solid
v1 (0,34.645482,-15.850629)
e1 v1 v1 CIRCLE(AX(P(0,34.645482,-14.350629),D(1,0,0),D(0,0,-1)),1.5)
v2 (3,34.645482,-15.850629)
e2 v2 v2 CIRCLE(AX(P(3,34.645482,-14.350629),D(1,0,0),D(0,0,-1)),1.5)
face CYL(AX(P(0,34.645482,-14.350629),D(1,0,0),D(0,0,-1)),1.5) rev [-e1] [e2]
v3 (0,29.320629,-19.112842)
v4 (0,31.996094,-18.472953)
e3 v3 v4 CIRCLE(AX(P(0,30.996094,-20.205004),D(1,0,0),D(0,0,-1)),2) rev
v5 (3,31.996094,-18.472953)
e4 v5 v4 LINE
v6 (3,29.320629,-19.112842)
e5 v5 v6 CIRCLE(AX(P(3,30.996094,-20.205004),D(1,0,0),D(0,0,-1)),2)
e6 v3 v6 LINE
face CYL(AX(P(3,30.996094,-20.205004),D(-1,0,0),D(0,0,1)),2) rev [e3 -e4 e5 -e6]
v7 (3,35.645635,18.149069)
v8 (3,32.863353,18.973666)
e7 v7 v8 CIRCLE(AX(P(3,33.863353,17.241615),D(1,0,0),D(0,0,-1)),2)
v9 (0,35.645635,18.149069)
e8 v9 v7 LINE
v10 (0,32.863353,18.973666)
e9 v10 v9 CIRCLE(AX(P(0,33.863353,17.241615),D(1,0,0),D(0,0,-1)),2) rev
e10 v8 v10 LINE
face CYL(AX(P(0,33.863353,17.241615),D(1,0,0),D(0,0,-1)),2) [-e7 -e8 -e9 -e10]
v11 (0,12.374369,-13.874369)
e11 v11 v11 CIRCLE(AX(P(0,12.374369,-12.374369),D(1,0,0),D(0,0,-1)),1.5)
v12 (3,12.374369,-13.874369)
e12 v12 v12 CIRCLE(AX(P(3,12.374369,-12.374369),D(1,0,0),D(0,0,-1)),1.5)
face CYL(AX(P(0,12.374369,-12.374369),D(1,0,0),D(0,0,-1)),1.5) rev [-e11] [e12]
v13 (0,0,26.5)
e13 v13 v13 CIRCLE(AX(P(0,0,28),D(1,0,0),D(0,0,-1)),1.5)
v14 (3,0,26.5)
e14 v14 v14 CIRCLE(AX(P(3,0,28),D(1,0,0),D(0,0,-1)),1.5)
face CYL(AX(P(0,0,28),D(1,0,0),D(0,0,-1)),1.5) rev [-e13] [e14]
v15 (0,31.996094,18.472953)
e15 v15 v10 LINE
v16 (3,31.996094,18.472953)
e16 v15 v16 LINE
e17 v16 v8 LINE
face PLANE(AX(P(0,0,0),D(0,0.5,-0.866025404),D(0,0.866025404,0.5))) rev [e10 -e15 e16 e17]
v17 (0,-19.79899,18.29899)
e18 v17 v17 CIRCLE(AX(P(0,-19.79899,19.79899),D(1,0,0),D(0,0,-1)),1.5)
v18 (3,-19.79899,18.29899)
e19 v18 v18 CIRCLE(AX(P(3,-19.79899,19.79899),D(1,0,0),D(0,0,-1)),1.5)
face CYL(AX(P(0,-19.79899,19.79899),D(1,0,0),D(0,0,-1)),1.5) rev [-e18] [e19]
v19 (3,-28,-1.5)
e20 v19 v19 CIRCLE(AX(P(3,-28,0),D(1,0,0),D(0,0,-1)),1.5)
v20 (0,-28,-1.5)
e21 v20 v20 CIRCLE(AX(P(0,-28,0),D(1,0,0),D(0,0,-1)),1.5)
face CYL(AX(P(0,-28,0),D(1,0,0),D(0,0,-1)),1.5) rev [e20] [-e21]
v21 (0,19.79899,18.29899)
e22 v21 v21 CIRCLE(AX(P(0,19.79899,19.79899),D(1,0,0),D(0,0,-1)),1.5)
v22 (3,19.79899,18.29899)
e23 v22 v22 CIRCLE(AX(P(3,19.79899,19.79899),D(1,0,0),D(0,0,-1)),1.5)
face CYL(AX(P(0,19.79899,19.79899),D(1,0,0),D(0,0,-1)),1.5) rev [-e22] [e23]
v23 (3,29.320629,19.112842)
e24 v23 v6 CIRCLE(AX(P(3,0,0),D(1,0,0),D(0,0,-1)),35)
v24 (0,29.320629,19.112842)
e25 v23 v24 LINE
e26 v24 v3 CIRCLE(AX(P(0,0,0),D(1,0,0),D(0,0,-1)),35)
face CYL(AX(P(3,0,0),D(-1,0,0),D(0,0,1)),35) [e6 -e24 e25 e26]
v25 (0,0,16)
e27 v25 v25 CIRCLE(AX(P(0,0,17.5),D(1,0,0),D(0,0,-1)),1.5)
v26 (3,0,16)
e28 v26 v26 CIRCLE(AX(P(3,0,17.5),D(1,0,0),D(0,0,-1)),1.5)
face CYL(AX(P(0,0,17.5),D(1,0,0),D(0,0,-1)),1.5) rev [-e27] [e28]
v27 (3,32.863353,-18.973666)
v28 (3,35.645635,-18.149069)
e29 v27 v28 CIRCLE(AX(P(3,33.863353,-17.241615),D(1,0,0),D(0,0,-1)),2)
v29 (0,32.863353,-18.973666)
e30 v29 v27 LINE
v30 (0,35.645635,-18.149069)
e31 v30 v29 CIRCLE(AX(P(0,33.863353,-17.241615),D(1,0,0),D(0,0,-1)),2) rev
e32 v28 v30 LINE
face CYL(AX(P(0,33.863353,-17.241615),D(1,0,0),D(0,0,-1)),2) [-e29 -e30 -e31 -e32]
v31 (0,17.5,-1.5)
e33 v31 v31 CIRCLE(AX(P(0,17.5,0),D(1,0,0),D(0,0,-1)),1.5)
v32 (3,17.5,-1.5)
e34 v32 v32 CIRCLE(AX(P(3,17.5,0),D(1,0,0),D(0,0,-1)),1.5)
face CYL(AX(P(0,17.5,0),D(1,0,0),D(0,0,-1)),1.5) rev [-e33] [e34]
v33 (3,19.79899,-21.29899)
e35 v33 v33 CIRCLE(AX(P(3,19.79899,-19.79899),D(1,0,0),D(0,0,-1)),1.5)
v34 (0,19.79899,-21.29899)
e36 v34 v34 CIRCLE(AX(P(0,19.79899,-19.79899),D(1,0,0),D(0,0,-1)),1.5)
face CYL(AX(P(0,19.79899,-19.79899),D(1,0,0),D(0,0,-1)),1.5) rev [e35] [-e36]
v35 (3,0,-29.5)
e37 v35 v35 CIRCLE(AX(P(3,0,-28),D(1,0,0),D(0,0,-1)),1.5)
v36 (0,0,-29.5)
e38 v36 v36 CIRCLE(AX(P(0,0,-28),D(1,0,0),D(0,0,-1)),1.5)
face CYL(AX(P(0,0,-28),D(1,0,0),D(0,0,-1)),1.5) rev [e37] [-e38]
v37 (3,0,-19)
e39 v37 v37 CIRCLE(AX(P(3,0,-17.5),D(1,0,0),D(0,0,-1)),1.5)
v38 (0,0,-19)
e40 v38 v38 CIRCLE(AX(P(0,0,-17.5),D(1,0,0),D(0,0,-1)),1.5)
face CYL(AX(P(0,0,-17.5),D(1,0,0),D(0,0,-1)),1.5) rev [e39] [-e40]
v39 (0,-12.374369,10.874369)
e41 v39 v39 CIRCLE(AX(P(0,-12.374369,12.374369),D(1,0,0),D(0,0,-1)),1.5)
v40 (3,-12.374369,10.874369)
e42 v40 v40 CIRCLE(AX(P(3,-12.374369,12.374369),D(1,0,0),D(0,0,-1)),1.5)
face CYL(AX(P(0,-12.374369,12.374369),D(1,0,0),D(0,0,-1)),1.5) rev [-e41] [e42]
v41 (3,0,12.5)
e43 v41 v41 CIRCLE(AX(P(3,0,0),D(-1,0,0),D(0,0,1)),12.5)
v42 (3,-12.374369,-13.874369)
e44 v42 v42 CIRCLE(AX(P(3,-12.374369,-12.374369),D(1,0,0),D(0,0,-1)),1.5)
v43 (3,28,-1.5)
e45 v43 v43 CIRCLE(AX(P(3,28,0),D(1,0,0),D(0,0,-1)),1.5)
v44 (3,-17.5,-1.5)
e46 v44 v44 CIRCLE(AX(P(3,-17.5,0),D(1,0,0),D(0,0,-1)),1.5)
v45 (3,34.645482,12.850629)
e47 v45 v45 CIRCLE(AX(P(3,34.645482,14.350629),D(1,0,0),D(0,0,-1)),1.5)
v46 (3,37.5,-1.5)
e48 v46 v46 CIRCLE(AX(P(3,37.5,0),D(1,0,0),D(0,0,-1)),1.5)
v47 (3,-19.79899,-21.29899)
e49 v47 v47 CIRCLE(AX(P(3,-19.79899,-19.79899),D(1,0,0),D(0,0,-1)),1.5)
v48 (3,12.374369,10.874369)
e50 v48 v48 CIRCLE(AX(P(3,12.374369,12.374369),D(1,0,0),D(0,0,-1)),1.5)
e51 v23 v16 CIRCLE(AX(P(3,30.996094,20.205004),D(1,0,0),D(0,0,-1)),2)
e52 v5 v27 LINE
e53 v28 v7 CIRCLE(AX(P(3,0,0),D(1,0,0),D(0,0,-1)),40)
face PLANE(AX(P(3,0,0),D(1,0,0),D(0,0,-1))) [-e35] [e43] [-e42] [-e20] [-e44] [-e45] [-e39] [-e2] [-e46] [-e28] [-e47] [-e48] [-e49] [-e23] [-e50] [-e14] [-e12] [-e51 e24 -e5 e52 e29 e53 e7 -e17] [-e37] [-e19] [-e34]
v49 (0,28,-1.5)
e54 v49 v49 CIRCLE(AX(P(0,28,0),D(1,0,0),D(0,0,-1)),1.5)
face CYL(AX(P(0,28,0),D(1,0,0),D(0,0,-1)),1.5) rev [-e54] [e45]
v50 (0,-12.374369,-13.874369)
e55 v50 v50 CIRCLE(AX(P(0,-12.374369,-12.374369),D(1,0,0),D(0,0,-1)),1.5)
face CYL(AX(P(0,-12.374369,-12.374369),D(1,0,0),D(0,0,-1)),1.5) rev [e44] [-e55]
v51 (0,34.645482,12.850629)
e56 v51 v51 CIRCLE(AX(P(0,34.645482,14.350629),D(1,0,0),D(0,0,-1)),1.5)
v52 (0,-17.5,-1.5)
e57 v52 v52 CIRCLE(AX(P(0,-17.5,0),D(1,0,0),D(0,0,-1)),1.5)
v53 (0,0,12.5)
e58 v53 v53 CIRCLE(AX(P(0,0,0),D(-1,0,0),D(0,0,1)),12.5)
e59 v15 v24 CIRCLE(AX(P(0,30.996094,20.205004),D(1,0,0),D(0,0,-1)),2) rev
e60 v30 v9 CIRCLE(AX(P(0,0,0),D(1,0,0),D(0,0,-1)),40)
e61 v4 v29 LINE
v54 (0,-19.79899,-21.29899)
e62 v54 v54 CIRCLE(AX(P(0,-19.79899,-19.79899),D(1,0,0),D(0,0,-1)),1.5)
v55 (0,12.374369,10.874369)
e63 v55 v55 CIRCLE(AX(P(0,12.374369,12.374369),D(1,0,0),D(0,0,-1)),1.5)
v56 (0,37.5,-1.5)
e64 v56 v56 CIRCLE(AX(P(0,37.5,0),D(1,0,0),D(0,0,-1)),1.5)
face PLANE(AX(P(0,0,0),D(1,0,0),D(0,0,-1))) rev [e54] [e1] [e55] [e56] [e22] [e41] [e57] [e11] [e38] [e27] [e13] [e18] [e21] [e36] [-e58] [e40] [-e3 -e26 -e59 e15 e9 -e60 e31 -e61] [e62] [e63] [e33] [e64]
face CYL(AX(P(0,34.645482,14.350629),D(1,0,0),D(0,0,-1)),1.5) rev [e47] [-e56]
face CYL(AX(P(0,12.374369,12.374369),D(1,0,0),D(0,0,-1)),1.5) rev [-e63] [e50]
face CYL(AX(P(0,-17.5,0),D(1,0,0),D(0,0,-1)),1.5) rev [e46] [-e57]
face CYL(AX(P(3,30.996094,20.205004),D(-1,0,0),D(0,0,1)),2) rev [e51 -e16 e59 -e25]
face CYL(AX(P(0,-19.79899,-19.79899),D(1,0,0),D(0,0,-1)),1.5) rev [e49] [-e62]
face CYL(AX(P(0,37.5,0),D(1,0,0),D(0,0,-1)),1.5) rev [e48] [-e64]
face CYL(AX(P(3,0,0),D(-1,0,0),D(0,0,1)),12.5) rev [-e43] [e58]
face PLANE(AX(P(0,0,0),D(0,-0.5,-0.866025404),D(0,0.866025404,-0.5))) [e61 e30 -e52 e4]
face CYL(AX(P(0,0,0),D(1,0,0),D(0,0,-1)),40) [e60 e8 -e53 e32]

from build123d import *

# Parameters (mm, degrees)
SKETCH_1_R          = 35
EXTRUDE_1_DEPTH     = 3
SKETCH_2_R          = 1.5
CUT_EXTRUDE_1_DEPTH = 3
SKETCH_3_R          = 1.5
CUT_EXTRUDE_2_DEPTH = 3
SKETCH_4_R          = 12.5
CUT_EXTRUDE_3_DEPTH = 3
EXTRUDE_START       = -3
EXTRUDE_4_DEPTH     = 3
FILLET_1_R          = 2
FILLET_2_R          = 2
FILLET_3_R          = 2
FILLET_4_R          = 2
SKETCH_6_R          = 1.5
CUT_EXTRUDE_4_DEPTH = 3


with BuildPart() as part:
    # 草图1 → 凸台-拉伸1 (new body)
    with BuildSketch(Plane(origin=(0, 0, 0), x_dir=(0, 0, -1), z_dir=(1, 0, 0))):
        Circle(SKETCH_1_R)
    extrude(amount=EXTRUDE_1_DEPTH)

    # 草图2 → 切除-拉伸1 (cut)
    with BuildSketch(Plane(origin=(3, 0, 0), x_dir=(0, 0, -1), z_dir=(1, 0, 0))):
        with Locations((0, 28)):
            Circle(SKETCH_2_R)
        with Locations((19.798989873, 19.798989873)):
            Circle(SKETCH_2_R)
        with Locations((28, 0)):
            Circle(SKETCH_2_R)
        with Locations((19.798989873, -19.798989873)):
            Circle(SKETCH_2_R)
        with Locations((0, -28)):
            Circle(SKETCH_2_R)
        with Locations((-19.798989873, -19.798989873)):
            Circle(SKETCH_2_R)
        with Locations((-28, 0)):
            Circle(SKETCH_2_R)
        with Locations((-19.798989873, 19.798989873)):
            Circle(SKETCH_2_R)
    extrude(amount=-CUT_EXTRUDE_1_DEPTH, mode=Mode.SUBTRACT)

    # 草图3 → 切除-拉伸2 (cut)
    with BuildSketch(Plane(origin=(3, 0, 0), x_dir=(0, 0, -1), z_dir=(1, 0, 0))):
        with Locations((0, 17.5)):
            Circle(SKETCH_3_R)
        with Locations((12.374368671, 12.374368671)):
            Circle(SKETCH_3_R)
        with Locations((17.5, 0)):
            Circle(SKETCH_3_R)
        with Locations((12.374368671, -12.374368671)):
            Circle(SKETCH_3_R)
        with Locations((0, -17.5)):
            Circle(SKETCH_3_R)
        with Locations((-12.374368671, -12.374368671)):
            Circle(SKETCH_3_R)
        with Locations((-17.5, 0)):
            Circle(SKETCH_3_R)
        with Locations((-12.374368671, 12.374368671)):
            Circle(SKETCH_3_R)
    extrude(amount=-CUT_EXTRUDE_2_DEPTH, mode=Mode.SUBTRACT)

    # 草图4 → 切除-拉伸3 (cut)
    with BuildSketch(Plane.ZY):
        Circle(SKETCH_4_R)
    extrude(amount=-CUT_EXTRUDE_3_DEPTH, mode=Mode.SUBTRACT)

    # 草图5 → 凸台-拉伸4 (add)
    with BuildSketch(Plane(origin=(3, 0, 0), x_dir=(0, 0, -1), z_dir=(1, 0, 0)).offset(EXTRUDE_START)):
        with BuildLine():
            Line((-20, 34.641016151), (-17.5, 30.310889132))
            ThreePointArc((-17.5, 30.310889132), (-9.058666579, 33.80740392), (0, 35))
            Line((0, 35), (0, 40))
            ThreePointArc((0, 40), (-10.352761804, 38.637033052), (-20, 34.641016151))
        make_face()
        with BuildLine():
            ThreePointArc((0, 35), (9.058666579, 33.80740392), (17.5, 30.310889132))
            Line((17.5, 30.310889132), (20, 34.641016151))
            ThreePointArc((20, 34.641016151), (10.352761804, 38.637033052), (0, 40))
            Line((0, 40), (0, 35))
        make_face()
    extrude(amount=EXTRUDE_4_DEPTH)

    # 圆角1
    fillet_1_edges = [part.edges().sort_by_distance(p)[0] for p in [
        (1.5, 34.641016151, 20),
    ]]
    fillet(fillet_1_edges, radius=FILLET_1_R)

    # 圆角2
    fillet_2_edges = [part.edges().sort_by_distance(p)[0] for p in [
        (1.5, 30.310889132, 17.5),
    ]]
    fillet(fillet_2_edges, radius=FILLET_2_R)

    # 圆角3
    fillet_3_edges = [part.edges().sort_by_distance(p)[0] for p in [
        (1.5, 30.310889132, -17.5),
    ]]
    fillet(fillet_3_edges, radius=FILLET_3_R)

    # 圆角4
    fillet_4_edges = [part.edges().sort_by_distance(p)[0] for p in [
        (1.5, 34.641016151, -20),
    ]]
    fillet(fillet_4_edges, radius=FILLET_4_R)

    # 草图6 → 切除-拉伸4 (cut)
    with BuildSketch(Plane(origin=(3, 0, 0), x_dir=(0, 0, -1), z_dir=(1, 0, 0))):
        with Locations((0, 37.5)):
            Circle(SKETCH_6_R)
        with Locations((14.350628714, 34.645482469)):
            Circle(SKETCH_6_R)
        with Locations((-14.350628714, 34.645482469)):
            Circle(SKETCH_6_R)
    extrude(amount=-CUT_EXTRUDE_4_DEPTH, mode=Mode.SUBTRACT)


solid = part.part
